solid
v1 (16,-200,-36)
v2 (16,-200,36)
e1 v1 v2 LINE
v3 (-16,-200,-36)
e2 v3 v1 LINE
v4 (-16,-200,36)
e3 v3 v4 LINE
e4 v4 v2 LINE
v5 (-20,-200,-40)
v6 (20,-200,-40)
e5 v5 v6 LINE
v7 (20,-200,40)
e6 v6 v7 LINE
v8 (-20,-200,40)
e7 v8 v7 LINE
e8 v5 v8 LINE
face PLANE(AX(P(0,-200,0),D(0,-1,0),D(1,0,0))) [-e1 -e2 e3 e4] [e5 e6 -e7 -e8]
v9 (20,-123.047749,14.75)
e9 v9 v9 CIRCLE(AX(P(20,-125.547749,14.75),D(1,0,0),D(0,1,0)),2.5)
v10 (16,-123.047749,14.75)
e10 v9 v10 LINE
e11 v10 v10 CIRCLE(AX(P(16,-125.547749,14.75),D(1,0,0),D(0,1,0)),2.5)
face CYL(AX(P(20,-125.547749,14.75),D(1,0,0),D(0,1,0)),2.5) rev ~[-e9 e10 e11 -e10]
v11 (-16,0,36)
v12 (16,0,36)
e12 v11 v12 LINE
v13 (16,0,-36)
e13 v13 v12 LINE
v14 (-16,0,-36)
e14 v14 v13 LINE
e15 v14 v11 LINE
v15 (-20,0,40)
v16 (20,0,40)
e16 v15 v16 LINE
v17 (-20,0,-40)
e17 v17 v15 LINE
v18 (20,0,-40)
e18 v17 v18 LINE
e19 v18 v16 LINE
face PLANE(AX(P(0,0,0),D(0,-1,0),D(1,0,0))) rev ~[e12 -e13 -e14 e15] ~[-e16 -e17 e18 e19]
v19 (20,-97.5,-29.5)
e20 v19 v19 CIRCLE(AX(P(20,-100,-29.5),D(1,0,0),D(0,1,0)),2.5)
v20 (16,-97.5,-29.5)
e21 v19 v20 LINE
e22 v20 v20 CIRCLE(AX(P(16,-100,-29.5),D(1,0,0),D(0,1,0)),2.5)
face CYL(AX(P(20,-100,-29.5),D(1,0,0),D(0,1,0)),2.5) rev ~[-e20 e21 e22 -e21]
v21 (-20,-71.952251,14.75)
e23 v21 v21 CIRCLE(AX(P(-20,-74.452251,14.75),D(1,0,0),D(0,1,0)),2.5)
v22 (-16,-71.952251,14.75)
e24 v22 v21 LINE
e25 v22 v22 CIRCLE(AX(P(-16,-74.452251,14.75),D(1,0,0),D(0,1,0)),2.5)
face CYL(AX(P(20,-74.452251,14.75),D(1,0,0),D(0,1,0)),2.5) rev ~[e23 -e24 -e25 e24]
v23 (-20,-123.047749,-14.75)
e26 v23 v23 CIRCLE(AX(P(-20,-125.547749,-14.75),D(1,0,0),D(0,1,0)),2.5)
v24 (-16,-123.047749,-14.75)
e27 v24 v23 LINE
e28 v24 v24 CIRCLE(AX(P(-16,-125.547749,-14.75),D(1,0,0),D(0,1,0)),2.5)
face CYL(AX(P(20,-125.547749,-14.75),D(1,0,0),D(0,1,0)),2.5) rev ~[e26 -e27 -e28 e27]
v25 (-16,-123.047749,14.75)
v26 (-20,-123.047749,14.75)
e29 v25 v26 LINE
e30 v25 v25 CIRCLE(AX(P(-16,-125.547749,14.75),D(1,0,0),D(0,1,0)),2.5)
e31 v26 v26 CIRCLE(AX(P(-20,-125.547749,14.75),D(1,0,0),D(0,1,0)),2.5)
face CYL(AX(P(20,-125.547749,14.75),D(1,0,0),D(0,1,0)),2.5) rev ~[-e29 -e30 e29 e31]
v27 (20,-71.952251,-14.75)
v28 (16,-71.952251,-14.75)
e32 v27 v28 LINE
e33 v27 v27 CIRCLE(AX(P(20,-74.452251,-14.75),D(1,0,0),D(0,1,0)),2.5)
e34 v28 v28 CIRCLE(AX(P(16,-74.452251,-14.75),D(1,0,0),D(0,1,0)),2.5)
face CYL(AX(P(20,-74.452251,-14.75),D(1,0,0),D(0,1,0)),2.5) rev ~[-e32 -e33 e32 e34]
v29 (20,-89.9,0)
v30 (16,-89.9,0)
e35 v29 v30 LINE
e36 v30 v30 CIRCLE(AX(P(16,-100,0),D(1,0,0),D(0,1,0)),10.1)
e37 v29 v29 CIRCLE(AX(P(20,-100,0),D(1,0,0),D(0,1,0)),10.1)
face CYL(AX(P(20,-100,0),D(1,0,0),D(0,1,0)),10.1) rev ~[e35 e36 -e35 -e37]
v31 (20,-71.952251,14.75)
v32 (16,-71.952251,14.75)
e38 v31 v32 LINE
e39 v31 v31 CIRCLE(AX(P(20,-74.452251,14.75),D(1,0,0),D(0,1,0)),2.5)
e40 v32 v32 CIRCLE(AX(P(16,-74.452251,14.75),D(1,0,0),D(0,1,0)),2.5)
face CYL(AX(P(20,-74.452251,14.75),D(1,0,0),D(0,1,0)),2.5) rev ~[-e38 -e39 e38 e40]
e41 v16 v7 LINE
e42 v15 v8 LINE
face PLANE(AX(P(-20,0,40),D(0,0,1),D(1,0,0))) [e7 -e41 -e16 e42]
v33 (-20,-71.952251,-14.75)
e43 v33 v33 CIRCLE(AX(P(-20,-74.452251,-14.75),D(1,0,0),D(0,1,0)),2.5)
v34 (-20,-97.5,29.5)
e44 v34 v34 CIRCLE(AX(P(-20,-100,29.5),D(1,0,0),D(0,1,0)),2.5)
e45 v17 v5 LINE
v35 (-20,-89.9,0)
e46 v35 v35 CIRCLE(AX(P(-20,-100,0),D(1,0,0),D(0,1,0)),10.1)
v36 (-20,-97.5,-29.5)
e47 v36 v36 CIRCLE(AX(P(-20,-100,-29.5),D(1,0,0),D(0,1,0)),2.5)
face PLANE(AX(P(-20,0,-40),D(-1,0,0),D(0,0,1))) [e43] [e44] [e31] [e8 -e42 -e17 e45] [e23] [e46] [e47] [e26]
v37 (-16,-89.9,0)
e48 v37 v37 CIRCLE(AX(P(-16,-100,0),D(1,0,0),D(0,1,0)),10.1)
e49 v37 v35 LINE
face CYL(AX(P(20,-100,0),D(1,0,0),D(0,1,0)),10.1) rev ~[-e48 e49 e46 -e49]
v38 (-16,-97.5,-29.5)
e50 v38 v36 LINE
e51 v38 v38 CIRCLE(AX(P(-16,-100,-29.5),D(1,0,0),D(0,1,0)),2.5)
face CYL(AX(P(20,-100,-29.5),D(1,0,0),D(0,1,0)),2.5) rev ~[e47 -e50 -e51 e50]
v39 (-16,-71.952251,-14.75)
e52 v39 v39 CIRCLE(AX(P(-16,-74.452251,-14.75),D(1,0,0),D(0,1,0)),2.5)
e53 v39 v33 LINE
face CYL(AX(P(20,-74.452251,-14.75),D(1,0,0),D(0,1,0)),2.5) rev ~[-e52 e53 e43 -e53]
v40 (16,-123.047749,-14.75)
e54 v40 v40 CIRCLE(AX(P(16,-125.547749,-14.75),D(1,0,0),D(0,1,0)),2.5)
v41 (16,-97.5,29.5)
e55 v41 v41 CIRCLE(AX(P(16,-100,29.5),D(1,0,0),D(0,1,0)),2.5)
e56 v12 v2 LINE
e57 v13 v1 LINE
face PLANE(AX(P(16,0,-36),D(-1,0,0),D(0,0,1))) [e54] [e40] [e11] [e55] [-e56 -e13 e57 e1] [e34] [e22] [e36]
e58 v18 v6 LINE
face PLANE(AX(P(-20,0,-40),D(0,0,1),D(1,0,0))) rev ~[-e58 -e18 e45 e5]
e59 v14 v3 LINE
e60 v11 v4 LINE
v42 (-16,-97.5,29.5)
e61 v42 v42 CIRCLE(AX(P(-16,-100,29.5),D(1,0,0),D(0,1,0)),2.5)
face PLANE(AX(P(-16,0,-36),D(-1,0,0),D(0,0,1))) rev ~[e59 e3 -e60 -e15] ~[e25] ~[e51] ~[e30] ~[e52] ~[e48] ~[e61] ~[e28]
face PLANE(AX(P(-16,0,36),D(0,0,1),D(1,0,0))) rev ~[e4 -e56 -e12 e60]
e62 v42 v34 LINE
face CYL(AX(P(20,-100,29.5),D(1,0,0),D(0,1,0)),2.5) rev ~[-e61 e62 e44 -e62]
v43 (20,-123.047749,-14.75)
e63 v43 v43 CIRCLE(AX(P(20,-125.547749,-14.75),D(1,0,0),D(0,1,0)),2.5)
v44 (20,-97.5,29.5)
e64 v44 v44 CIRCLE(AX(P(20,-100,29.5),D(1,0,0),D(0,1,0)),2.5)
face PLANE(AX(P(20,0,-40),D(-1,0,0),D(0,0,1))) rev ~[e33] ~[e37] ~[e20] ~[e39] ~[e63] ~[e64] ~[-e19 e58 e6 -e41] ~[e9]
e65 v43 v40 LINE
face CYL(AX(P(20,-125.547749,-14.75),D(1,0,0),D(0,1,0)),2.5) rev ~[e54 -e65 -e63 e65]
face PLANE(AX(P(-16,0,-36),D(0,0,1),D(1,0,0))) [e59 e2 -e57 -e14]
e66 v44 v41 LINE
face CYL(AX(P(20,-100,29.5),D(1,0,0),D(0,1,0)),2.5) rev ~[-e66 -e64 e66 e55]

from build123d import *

# Parameters (mm, degrees)
F0_W     = 40
F0_H     = 80
F0_W_2   = 32
F0_H_2   = 72
F1_DEPTH = 200
F2_R     = 10.1
F3_DEPTH = 40.001
F4_R     = 2.5
F5_DEPTH = 40.001


with BuildPart() as f1:
    # F0 (on Front) → F1 (new body)
    with BuildSketch(Plane.XZ):
        Rectangle(F0_W, F0_H)
        Rectangle(F0_W_2, F0_H_2, mode=Mode.SUBTRACT)
    extrude(amount=F1_DEPTH)

    # F2 (on face) → F3 (cut, through all)
    with BuildSketch(Plane.YZ.offset(20)):
        with Locations((-100, 0)):
            Circle(F2_R)
    extrude(amount=-F3_DEPTH, mode=Mode.SUBTRACT)

    # F4 (on face) → F5 (cut, through all)
    with BuildSketch(Plane.YZ.offset(20)):
        with Locations((-125.547749, -14.75)):
            Circle(F4_R)
        with Locations((-125.547749, 14.75)):
            Circle(F4_R)
        with Locations((-100, 29.5)):
            Circle(F4_R)
        with Locations((-74.452251, 14.75)):
            Circle(F4_R)
        with Locations((-74.452251, -14.75)):
            Circle(F4_R)
        with Locations((-100, -29.5)):
            Circle(F4_R)
    extrude(amount=-F5_DEPTH, mode=Mode.SUBTRACT)


solid = f1.part
